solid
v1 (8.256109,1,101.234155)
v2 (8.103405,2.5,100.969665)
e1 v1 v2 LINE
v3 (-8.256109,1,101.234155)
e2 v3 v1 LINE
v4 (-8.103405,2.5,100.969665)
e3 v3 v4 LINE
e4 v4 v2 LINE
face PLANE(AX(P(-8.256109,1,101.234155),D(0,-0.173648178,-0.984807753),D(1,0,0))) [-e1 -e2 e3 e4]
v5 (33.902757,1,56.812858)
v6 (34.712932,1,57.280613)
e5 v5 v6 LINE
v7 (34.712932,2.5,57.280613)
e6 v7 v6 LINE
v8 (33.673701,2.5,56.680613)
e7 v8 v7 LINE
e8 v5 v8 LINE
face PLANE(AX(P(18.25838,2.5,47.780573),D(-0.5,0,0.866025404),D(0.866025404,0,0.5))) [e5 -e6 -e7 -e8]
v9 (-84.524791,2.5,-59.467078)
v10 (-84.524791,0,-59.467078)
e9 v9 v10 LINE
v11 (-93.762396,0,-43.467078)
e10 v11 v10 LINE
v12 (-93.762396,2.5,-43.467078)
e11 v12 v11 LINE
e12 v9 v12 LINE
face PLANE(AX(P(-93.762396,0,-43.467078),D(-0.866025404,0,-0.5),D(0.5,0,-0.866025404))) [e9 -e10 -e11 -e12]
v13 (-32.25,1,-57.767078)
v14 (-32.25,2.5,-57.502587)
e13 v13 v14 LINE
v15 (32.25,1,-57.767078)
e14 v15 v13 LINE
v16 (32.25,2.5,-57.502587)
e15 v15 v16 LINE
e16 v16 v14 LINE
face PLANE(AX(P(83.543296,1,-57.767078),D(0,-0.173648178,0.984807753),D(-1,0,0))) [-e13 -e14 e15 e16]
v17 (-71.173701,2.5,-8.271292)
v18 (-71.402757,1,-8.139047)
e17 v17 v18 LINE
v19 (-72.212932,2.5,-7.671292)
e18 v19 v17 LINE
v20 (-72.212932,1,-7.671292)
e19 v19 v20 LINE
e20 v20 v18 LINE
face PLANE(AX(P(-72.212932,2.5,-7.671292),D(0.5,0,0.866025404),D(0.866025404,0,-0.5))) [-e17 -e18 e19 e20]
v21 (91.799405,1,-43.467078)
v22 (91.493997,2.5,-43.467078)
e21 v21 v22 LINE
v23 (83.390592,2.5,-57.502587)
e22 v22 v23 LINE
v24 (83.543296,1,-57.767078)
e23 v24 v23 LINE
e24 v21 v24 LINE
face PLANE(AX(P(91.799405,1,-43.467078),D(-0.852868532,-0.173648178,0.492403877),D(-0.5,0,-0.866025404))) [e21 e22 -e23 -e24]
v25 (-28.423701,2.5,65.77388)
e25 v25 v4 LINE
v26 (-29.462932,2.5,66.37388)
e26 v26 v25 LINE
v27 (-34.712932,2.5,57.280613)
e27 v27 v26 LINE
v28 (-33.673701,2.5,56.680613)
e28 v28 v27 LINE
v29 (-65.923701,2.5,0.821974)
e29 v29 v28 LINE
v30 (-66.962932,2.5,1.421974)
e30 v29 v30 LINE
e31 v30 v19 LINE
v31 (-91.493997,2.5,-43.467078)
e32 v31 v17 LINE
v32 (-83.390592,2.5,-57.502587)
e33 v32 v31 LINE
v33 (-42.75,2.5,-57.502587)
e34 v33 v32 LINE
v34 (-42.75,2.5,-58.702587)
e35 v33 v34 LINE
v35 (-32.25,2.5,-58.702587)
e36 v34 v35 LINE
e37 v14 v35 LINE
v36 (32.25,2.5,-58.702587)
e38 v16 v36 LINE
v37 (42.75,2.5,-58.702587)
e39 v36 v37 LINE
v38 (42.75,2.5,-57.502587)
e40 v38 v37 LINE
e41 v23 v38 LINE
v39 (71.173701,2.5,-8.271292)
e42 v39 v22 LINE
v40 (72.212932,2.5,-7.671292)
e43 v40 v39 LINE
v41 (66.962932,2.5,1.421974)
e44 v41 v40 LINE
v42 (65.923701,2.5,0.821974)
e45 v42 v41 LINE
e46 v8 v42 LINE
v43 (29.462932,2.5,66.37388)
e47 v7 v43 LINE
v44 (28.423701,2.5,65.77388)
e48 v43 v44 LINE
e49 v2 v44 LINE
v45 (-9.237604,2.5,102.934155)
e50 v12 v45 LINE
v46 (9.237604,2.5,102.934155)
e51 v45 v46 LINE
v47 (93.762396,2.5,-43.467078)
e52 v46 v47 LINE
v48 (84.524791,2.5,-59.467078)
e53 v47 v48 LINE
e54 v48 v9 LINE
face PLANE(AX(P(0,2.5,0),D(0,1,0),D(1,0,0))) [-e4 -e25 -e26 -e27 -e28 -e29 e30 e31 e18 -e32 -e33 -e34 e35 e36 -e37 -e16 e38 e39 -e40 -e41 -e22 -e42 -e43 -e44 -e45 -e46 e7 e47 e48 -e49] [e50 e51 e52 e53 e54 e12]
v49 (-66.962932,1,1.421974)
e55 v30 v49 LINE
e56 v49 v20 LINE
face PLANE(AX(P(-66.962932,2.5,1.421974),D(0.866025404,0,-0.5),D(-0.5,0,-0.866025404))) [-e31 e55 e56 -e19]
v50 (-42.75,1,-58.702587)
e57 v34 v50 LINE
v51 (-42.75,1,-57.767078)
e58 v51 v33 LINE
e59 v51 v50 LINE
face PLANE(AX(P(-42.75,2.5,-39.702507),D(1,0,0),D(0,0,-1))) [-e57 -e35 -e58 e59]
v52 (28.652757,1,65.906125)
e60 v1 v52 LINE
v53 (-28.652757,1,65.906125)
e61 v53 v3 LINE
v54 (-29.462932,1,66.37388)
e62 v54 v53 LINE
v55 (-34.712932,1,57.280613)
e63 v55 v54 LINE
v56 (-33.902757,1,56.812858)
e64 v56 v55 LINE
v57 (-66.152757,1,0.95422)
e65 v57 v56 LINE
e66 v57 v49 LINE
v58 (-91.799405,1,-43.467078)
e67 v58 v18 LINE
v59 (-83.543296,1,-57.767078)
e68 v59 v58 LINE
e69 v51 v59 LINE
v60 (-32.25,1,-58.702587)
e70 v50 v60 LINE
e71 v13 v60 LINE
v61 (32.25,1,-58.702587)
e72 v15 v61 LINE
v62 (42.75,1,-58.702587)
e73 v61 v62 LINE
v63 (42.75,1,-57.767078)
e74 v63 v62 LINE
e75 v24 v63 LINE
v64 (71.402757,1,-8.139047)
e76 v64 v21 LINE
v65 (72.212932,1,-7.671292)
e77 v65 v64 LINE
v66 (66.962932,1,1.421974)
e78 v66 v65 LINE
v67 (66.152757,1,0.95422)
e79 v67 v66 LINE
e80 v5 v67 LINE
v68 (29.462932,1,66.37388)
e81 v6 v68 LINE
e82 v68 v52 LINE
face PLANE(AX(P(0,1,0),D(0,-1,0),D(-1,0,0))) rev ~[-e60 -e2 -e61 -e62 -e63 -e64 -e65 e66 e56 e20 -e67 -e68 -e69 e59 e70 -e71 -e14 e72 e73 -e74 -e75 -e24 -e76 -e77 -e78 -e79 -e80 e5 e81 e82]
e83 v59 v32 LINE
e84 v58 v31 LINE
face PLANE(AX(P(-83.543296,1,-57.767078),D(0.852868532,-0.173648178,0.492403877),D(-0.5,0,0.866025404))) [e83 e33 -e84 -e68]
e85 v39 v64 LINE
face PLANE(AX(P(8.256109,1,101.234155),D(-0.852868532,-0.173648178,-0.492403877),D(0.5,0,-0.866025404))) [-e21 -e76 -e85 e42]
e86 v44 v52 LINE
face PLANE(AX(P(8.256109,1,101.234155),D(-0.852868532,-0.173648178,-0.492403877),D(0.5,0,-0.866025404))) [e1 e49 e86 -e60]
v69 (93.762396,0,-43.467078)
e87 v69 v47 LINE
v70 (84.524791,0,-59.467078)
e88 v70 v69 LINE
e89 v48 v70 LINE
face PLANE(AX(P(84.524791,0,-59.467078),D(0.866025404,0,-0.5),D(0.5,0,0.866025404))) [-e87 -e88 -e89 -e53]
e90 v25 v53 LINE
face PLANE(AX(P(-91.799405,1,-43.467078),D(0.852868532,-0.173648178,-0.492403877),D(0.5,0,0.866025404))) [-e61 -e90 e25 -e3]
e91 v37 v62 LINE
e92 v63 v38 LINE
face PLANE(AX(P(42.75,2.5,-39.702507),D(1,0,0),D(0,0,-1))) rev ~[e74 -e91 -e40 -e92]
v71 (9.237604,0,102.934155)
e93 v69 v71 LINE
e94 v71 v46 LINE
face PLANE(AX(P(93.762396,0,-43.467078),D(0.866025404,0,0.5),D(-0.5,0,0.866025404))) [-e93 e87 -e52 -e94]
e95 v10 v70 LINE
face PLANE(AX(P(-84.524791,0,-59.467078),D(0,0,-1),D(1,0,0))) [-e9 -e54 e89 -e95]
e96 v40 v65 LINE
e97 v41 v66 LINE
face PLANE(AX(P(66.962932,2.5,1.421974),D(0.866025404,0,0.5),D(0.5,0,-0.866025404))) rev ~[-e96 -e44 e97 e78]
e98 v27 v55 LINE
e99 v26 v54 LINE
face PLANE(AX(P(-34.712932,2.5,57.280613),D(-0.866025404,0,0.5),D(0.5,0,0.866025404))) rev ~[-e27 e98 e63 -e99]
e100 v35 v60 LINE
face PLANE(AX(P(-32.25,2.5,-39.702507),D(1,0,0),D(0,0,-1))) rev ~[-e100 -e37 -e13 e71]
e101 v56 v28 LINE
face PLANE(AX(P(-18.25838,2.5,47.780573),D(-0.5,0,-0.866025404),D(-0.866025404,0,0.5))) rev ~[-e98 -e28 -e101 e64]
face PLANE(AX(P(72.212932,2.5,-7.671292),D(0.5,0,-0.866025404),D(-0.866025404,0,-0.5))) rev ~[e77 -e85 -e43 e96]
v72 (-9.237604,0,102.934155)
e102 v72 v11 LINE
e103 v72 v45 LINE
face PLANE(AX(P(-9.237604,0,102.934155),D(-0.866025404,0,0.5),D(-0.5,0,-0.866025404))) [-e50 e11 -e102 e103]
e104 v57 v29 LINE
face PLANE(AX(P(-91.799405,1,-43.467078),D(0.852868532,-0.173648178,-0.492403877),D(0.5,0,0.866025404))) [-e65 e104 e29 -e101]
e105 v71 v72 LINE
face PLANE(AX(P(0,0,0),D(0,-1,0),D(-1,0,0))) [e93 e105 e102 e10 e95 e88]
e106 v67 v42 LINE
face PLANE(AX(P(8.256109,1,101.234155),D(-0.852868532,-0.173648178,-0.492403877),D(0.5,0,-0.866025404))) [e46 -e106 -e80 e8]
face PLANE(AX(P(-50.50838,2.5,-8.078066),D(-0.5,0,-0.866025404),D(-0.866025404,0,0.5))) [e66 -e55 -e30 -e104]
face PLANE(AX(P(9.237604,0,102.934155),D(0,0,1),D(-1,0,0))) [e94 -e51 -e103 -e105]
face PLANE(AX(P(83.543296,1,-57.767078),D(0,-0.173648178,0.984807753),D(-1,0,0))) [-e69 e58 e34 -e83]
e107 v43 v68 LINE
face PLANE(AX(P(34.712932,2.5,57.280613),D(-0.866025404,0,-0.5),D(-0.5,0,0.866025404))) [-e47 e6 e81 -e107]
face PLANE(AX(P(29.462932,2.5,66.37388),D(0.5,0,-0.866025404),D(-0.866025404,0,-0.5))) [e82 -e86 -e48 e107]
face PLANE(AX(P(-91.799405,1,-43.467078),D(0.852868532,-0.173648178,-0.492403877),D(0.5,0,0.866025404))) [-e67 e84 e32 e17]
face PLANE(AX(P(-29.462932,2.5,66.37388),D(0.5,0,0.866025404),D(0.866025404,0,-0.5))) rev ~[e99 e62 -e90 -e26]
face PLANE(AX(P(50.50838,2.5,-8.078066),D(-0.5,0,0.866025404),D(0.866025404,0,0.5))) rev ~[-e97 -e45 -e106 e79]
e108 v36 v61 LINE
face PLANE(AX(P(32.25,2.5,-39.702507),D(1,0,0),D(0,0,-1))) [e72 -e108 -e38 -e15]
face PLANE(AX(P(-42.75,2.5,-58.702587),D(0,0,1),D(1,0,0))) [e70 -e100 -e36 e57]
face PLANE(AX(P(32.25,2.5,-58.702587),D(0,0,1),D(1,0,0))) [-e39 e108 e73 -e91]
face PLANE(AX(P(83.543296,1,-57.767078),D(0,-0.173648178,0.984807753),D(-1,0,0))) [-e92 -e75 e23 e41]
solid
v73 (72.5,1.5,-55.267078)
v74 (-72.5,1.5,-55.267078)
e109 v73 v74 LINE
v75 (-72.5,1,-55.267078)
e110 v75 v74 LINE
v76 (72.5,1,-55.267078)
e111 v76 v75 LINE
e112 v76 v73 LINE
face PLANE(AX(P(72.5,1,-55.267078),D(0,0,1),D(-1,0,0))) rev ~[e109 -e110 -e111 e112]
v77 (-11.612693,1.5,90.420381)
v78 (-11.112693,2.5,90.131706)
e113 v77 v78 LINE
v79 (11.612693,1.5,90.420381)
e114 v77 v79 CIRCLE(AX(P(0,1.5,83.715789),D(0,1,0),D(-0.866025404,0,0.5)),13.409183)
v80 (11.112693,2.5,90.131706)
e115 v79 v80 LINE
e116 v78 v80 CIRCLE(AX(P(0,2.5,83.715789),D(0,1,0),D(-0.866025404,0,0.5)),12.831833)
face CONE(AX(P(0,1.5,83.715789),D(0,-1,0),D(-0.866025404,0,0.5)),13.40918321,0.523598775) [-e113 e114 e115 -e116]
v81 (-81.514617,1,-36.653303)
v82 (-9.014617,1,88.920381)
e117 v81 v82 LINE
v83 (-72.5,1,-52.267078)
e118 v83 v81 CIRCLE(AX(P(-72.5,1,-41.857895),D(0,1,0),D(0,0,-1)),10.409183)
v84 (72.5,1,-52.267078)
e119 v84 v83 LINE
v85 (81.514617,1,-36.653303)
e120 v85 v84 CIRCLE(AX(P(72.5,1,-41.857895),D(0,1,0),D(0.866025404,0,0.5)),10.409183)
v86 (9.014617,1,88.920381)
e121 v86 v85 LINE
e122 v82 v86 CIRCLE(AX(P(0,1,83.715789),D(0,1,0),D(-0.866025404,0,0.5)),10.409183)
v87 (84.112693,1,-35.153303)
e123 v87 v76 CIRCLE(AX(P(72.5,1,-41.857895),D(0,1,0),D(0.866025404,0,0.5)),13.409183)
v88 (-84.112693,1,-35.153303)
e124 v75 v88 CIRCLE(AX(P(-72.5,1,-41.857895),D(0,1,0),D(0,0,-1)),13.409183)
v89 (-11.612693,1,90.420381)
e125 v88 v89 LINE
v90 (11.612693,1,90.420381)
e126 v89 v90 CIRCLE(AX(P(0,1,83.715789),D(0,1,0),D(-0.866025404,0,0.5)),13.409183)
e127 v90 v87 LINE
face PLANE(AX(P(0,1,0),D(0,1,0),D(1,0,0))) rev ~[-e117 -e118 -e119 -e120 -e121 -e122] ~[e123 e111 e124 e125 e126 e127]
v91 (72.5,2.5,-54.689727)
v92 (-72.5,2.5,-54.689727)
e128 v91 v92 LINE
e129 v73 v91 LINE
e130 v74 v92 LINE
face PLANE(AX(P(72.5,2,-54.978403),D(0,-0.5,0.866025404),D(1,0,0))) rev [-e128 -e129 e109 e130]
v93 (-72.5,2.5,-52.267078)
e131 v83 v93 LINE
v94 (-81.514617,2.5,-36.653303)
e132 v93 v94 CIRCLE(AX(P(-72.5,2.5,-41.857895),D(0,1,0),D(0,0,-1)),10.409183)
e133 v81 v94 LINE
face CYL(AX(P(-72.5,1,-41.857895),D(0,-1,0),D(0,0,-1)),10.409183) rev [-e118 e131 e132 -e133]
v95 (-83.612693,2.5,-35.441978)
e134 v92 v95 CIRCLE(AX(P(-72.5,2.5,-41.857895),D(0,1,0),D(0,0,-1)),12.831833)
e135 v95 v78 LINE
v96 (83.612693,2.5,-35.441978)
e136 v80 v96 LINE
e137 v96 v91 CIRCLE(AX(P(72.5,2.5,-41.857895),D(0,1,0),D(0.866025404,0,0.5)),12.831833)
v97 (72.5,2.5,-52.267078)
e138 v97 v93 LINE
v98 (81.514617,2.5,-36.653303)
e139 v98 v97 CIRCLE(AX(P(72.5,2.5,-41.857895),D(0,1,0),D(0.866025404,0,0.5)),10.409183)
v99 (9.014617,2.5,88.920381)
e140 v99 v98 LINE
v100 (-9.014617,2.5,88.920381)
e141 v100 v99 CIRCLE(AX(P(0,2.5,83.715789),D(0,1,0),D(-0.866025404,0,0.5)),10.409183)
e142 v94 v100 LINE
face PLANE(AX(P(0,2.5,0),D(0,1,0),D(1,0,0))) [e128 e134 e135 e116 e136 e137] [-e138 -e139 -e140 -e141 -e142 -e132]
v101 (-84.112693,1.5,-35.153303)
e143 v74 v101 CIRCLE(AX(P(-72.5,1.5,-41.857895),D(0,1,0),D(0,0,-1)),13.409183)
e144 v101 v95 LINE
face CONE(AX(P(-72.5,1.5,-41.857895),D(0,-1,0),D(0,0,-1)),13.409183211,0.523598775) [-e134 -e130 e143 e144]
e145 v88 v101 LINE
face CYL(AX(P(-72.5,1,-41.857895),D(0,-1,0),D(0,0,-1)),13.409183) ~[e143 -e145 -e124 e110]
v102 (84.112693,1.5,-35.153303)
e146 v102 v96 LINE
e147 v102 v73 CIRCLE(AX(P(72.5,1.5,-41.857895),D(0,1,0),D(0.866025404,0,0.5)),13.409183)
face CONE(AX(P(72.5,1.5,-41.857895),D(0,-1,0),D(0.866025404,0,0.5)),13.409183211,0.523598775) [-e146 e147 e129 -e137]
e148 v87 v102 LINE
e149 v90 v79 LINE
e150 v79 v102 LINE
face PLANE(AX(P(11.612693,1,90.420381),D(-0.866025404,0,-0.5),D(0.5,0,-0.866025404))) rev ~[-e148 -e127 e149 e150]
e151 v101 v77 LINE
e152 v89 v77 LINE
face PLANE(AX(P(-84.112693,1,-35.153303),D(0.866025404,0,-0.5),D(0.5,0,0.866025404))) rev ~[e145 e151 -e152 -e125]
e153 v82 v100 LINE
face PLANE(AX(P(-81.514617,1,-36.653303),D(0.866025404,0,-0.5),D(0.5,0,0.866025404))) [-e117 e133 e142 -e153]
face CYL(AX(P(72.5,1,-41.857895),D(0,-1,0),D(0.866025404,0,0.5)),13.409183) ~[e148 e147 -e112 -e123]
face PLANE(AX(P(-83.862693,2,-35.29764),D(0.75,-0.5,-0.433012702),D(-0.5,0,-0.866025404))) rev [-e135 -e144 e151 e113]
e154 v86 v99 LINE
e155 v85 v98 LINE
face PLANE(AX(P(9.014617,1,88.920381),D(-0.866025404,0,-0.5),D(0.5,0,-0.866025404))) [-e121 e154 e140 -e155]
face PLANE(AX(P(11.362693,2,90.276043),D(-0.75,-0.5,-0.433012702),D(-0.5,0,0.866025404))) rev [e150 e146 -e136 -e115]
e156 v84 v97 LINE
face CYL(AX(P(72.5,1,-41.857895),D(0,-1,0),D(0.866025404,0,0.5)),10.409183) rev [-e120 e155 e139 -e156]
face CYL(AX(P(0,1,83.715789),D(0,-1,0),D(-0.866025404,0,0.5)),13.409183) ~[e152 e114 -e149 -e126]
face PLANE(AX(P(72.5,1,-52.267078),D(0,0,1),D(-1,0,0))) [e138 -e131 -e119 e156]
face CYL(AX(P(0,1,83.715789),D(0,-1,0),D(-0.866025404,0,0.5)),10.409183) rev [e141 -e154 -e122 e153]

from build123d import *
from OCP.BRepFilletAPI import BRepFilletAPI_MakeChamfer

# Parameters (mm, degrees)
SMARTLEAF_TRIANGLE_MULTI_DEPTH  = 1
EXTRU_MINCE1_DEPTH              = 1.5
EXTRU_MINCE1_DRAFT              = -10
ENL_V_DE_MAT_EXTRU_MINCE1_DEPTH = 140.660166399
ESQUISSE10_W                    = 10.5
ESQUISSE10_H                    = 19.000079823
ENL_V_MAT_EXTRU_1_DEPTH         = 1.5
EXTRU_MINCE2_DEPTH              = 1.5
CHANFREIN1_SIZE                 = 1
CHANFREIN1_SIZE2                = 0.577350269


with BuildPart() as part:
    # Esquisse2 → smartleaf_triangle_multi (new body)
    with BuildSketch(Plane(origin=(0, 0, 0), x_dir=(1, 0, 0), z_dir=(0, 1, 0))):
        Polygon((-93.762395693, 43.467077727), (-84.524791386, 59.467077727), (84.524791386, 59.467077727), (93.762395693, 43.467077727), (9.237604307, -102.934155453), (-9.237604307, -102.934155453), align=None)
    extrude(amount=SMARTLEAF_TRIANGLE_MULTI_DEPTH)


with BuildPart() as extru_mince1_tool:
    # Esquisse5 → Extru.-Mince1 (with draft: the straight prism first)
    with BuildSketch(Plane(origin=(0, 1, 0), x_dir=(1, 0, 0), z_dir=(0, 1, 0))):
        Polygon((-93.762395693, 43.467077727), (-9.237604307, -102.934155453), (9.237604307, -102.934155453), (93.762395693, 43.467077727), (84.524791386, 59.467077727), (-84.524791386, 59.467077727), align=None)
        Polygon((-91.799404778, 43.467077727), (-8.256108849, -101.234155453), (8.256108849, -101.234155453), (91.799404778, 43.467077727), (83.543295928, 57.767077727), (-83.543295928, 57.767077727), align=None, mode=Mode.SUBTRACT)
    extrude(amount=EXTRU_MINCE1_DEPTH)
    # Extru.-Mince1: the draft: its side faces are tilted about the plane it starts from
    extru_mince1_sides = [extru_mince1_tool.faces().sort_by_distance(p)[0] for p in [
        (-51.5, 1.75, 29.733538863),
        (0, 1.75, 102.934155453),
        (51.5, 1.75, 29.733538863),
        (89.143593539, 1.75, -51.467077727),
        (0, 1.75, -59.467077727),
        (-89.143593539, 1.75, -51.467077727),
        (-87.671350353, 1.75, -50.617077727),
        (0, 1.75, -57.767077727),
        (87.671350353, 1.75, -50.617077727),
        (50.027756814, 1.75, 28.883538863),
        (0, 1.75, 101.234155453),
        (-50.027756814, 1.75, 28.883538863),
    ]]
    draft(extru_mince1_sides, Plane(origin=(0, 1, 0), x_dir=(1, 0, 0), z_dir=(0, 1, 0)), EXTRU_MINCE1_DRAFT)


with BuildPart() as part_1:
    add(part.part)

    # Extru.-Mince1: add extru_mince1_tool
    add(extru_mince1_tool.part)

    # Esquisse6 → Enlèv. de mat.-Extru.-Mince1 (cut, through all)
    with BuildSketch(Plane.XZ):
        Polygon((-85.39081679, -60.967077727), (85.39081679, -60.967077727), (95.494446501, -43.467077727), (10.103629711, 104.434155453), (-10.103629711, 104.434155453), (-95.494446501, -43.467077727), align=None)
        Polygon((-84.524791386, -59.467077727), (84.524791386, -59.467077727), (93.762395693, -43.467077727), (9.237604307, 102.934155453), (-9.237604307, 102.934155453), (-93.762395693, -43.467077727), align=None, mode=Mode.SUBTRACT)
    extrude(amount=-ENL_V_DE_MAT_EXTRU_MINCE1_DEPTH, mode=Mode.SUBTRACT)

    # Esquisse10 → Enlèv. mat.-Extru.1 (cut)
    with BuildSketch(Plane(origin=(0, 2.5, 0), x_dir=(1, 0, 0), z_dir=(0, 1, 0))):
        with Locations((-37.5, 49.202547344)):
            Rectangle(ESQUISSE10_W, ESQUISSE10_H)
        with Locations((37.5, 49.202547344)):
            Rectangle(ESQUISSE10_W, ESQUISSE10_H)
        Polygon((66.962931831, -1.421974356), (72.212931831, 7.671292384), (55.75838003, 17.171332296), (50.50838003, 8.078065556), align=None)
        Polygon((29.462931831, -66.37387964), (13.00838003, -56.873839728), (18.25838003, -47.780572988), (34.712931831, -57.2806129), align=None)
        Polygon((-34.712931831, -57.2806129), (-29.462931831, -66.37387964), (-13.00838003, -56.873839728), (-18.25838003, -47.780572988), align=None)
        Polygon((-72.212931831, 7.671292384), (-55.75838003, 17.171332296), (-50.50838003, 8.078065556), (-66.962931831, -1.421974356), align=None)
    extrude(amount=-ENL_V_MAT_EXTRU_1_DEPTH, mode=Mode.SUBTRACT)


with BuildPart() as body_2:
    # Esquisse11 → Extru.-Mince2 (new body)
    with BuildSketch(Plane(origin=(0, 1, 0), x_dir=(1, 0, 0), z_dir=(0, 1, 0))):
        with BuildLine():
            Line((-84.112693304, 35.153302911), (-11.612693304, -90.420380638))
            ThreePointArc((-11.612693304, -90.420380638), (0, -97.124972243), (11.612693304, -90.420380638))
            Line((11.612693304, -90.420380638), (84.112693304, 35.153302911))
            ThreePointArc((84.112693304, 35.153302911), (84.112693304, 48.562486121), (72.5, 55.267077727))
            Line((72.5, 55.267077727), (-72.5, 55.267077727))
            ThreePointArc((-72.5, 55.267077727), (-84.112693304, 48.562486121), (-84.112693304, 35.153302911))
        make_face()
        with BuildLine():
            Line((-81.514617093, 36.653302911), (-9.014617093, -88.920380638))
            ThreePointArc((-9.014617093, -88.920380638), (0, -94.124972243), (9.014617093, -88.920380638))
            Line((9.014617093, -88.920380638), (81.514617093, 36.653302911))
            ThreePointArc((81.514617093, 36.653302911), (81.514617093, 47.062486121), (72.5, 52.267077727))
            Line((72.5, 52.267077727), (-72.5, 52.267077727))
            ThreePointArc((-72.5, 52.267077727), (-81.514617093, 47.062486121), (-81.514617093, 36.653302911))
        make_face(mode=Mode.SUBTRACT)
    extrude(amount=EXTRU_MINCE2_DEPTH)

    # Chanfrein1: one chamfer whose edges measure the first distance from different faces: ONE call of the kernel's chamfer builder (chamfer() names one face for all edges)
    chanfrein1_edges_1 = [body_2.edges().sort_by_distance(p)[0] for p in [
        (47.862693304, 2.5, 27.633538863),
    ]]
    chanfrein1_side_1 = [body_2.faces().sort_by_distance(p)[0] for p in [
        (47.862693304, 1.75, 27.633538863),
    ]]
    chanfrein1_edges_2 = [body_2.edges().sort_by_distance(p)[0] for p in [
        (84.112693304, 2.5, -48.562486121),
    ]]
    chanfrein1_side_2 = [body_2.faces().sort_by_distance(p)[0] for p in [
        (84.112693304, 1.75, -48.562486121),
    ]]
    chanfrein1_edges_3 = [body_2.edges().sort_by_distance(p)[0] for p in [
        (0, 2.5, -55.267077727),
    ]]
    chanfrein1_side_3 = [body_2.faces().sort_by_distance(p)[0] for p in [
        (0, 1.75, -55.267077727),
    ]]
    chanfrein1_edges_4 = [body_2.edges().sort_by_distance(p)[0] for p in [
        (-84.112693304, 2.5, -48.562486121),
    ]]
    chanfrein1_side_4 = [body_2.faces().sort_by_distance(p)[0] for p in [
        (-84.112693304, 1.75, -48.562486121),
    ]]
    chanfrein1_edges_5 = [body_2.edges().sort_by_distance(p)[0] for p in [
        (-47.862693304, 2.5, 27.633538863),
    ]]
    chanfrein1_side_5 = [body_2.faces().sort_by_distance(p)[0] for p in [
        (-47.862693304, 1.75, 27.633538863),
    ]]
    chanfrein1_edges_6 = [body_2.edges().sort_by_distance(p)[0] for p in [
        (0, 2.5, 97.124972243),
    ]]
    chanfrein1_side_6 = [body_2.faces().sort_by_distance(p)[0] for p in [
        (0, 1.75, 97.124972243),
    ]]
    chanfrein1 = BRepFilletAPI_MakeChamfer(body_2.part.solid().wrapped)
    for e in chanfrein1_edges_1:
        chanfrein1.Add(CHANFREIN1_SIZE, CHANFREIN1_SIZE2, e.wrapped, chanfrein1_side_1[0].wrapped)  # the first distance lies on this face
    for e in chanfrein1_edges_2:
        chanfrein1.Add(CHANFREIN1_SIZE, CHANFREIN1_SIZE2, e.wrapped, chanfrein1_side_2[0].wrapped)  # the first distance lies on this face
    for e in chanfrein1_edges_3:
        chanfrein1.Add(CHANFREIN1_SIZE, CHANFREIN1_SIZE2, e.wrapped, chanfrein1_side_3[0].wrapped)  # the first distance lies on this face
    for e in chanfrein1_edges_4:
        chanfrein1.Add(CHANFREIN1_SIZE, CHANFREIN1_SIZE2, e.wrapped, chanfrein1_side_4[0].wrapped)  # the first distance lies on this face
    for e in chanfrein1_edges_5:
        chanfrein1.Add(CHANFREIN1_SIZE, CHANFREIN1_SIZE2, e.wrapped, chanfrein1_side_5[0].wrapped)  # the first distance lies on this face
    for e in chanfrein1_edges_6:
        chanfrein1.Add(CHANFREIN1_SIZE, CHANFREIN1_SIZE2, e.wrapped, chanfrein1_side_6[0].wrapped)  # the first distance lies on this face
    add(Compound.cast(chanfrein1.Shape()), mode=Mode.REPLACE)


solid = Compound([part_1.part, body_2.part])
